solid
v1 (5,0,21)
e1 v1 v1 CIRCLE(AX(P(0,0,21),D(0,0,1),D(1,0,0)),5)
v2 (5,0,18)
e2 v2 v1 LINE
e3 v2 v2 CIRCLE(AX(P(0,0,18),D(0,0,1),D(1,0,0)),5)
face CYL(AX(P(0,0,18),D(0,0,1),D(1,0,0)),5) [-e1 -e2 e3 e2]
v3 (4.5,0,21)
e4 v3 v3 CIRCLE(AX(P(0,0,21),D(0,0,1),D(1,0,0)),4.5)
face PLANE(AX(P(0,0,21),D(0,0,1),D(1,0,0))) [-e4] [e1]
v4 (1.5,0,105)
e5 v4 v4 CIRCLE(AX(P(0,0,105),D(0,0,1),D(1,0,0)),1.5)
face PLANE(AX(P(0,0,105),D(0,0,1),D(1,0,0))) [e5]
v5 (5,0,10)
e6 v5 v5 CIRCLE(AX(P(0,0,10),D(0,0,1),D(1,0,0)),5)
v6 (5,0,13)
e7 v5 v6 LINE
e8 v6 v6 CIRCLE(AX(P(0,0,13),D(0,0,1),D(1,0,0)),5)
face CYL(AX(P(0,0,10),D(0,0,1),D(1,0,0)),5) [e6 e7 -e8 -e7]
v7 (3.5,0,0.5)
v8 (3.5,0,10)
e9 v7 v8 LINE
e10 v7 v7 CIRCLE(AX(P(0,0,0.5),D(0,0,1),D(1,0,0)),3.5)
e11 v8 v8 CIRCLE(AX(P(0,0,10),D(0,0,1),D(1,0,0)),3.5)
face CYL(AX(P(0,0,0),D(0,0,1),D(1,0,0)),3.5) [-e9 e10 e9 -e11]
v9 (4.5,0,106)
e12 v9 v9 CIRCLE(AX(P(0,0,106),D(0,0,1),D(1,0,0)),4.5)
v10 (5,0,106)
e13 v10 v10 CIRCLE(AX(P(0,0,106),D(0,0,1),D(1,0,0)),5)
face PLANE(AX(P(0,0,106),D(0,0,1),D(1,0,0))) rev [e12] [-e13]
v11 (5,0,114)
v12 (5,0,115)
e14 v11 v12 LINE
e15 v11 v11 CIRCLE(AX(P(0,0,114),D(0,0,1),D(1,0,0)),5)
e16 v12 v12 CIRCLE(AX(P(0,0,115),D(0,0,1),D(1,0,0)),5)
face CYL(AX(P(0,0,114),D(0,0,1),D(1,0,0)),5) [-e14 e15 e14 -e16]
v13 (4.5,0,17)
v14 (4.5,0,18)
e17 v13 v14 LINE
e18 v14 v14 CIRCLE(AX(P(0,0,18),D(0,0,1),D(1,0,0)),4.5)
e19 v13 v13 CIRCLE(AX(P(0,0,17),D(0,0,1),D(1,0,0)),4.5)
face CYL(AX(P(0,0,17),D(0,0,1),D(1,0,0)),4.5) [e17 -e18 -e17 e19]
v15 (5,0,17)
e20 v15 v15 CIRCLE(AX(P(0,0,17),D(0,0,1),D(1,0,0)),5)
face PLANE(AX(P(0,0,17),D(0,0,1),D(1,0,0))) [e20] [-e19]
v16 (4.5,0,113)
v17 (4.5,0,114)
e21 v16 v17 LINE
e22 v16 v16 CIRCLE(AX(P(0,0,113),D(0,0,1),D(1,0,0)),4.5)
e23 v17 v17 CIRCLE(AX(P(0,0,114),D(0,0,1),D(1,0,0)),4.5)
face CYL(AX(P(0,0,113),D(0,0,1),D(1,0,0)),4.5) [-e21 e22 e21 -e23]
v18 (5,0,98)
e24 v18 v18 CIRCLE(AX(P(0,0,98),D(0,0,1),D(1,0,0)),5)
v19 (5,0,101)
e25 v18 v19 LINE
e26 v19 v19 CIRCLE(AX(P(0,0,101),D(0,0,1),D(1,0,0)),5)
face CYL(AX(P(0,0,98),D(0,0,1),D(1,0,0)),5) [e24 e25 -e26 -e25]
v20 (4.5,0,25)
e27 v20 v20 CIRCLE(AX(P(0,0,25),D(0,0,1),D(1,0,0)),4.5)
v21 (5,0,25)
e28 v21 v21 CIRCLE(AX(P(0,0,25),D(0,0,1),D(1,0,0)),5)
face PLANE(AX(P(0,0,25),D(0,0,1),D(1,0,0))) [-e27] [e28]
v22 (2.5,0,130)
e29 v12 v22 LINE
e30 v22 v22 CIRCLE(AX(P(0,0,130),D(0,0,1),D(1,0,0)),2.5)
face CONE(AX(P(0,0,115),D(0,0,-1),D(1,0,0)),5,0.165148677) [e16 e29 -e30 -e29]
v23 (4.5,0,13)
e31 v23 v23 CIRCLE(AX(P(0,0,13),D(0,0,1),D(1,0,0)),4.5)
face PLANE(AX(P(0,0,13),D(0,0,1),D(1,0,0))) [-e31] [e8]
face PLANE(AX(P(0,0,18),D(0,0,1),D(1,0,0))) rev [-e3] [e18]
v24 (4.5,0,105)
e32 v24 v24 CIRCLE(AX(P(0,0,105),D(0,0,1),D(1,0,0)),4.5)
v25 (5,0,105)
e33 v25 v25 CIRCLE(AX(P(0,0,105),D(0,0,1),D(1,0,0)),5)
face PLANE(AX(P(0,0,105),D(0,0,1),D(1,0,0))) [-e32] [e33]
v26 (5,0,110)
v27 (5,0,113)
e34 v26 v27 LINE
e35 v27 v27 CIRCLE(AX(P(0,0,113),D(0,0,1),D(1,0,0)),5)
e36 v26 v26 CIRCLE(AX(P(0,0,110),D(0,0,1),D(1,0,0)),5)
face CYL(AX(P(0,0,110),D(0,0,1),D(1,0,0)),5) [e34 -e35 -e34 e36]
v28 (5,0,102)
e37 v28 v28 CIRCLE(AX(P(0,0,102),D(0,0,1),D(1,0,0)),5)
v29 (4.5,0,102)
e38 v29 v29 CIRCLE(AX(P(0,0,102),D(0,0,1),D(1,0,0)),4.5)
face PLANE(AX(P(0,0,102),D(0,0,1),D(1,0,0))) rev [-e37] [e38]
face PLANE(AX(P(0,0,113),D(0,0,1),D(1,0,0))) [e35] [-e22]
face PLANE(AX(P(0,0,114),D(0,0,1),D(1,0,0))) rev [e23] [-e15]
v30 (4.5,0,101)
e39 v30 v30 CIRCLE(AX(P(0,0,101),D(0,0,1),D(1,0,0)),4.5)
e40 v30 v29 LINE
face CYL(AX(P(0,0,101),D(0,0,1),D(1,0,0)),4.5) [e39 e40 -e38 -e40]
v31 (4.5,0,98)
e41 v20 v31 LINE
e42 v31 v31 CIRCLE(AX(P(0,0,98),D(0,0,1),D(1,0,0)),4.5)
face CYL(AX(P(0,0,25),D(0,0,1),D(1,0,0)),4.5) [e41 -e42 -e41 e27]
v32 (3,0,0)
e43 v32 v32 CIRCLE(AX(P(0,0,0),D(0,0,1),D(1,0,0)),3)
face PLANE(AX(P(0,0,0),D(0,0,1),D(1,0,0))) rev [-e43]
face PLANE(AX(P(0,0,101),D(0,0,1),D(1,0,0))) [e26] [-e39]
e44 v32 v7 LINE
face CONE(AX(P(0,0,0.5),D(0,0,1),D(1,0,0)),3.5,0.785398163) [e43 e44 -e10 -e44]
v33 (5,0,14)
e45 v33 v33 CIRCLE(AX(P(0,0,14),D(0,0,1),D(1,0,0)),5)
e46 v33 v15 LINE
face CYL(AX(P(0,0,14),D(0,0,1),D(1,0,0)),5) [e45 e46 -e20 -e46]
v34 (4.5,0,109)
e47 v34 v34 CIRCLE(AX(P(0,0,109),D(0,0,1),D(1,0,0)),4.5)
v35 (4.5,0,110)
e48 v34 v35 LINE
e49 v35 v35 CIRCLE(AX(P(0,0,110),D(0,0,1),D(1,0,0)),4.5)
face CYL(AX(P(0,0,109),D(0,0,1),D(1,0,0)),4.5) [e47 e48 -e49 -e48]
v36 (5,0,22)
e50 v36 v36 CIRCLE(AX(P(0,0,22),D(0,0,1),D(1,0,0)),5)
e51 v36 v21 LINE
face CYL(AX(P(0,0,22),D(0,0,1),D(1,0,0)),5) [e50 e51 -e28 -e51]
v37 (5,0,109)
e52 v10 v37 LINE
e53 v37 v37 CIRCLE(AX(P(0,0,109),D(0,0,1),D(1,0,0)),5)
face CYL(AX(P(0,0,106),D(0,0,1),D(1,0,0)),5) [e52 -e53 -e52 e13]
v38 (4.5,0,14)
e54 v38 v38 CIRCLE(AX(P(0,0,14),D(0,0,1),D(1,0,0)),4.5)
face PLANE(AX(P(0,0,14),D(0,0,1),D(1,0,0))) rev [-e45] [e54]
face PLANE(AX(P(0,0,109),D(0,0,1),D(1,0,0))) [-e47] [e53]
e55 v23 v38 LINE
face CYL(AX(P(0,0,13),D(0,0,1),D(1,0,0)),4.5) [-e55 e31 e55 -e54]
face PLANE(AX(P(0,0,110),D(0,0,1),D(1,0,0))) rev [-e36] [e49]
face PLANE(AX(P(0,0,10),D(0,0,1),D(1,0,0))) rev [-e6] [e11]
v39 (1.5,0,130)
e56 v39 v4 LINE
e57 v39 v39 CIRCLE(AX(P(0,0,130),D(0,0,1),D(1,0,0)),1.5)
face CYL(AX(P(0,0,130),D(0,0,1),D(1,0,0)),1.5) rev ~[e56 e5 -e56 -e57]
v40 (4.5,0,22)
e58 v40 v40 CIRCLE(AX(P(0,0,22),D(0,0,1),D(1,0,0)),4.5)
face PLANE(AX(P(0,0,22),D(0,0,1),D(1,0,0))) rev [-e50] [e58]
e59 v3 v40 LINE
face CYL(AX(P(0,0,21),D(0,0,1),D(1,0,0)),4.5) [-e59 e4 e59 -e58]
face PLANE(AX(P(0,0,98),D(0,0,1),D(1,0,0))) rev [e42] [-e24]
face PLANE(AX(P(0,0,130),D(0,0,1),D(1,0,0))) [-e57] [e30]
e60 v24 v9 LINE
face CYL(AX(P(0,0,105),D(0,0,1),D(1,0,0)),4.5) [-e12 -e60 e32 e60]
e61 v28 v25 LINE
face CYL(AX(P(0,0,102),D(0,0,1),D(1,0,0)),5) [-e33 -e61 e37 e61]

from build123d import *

# Parameters (mm, degrees)
F2_R     = 1.5
F3_DEPTH = 25
F4_SIZE  = 0.5


with BuildPart() as f1:
    # F0 (on Front) → F1 (revolve)
    with BuildSketch(Plane.XZ):
        Polygon((0, 130), (0, 0), (3.5, 0), (3.5, 10), (5, 10), (5, 13), (4.5, 13), (4.5, 14), (5, 14), (5, 17), (4.5, 17), (4.5, 18), (5, 18), (5, 21), (4.5, 21), (4.5, 22), (5, 22), (5, 25), (4.5, 25), (4.5, 98), (5, 98), (5, 101), (4.5, 101), (4.5, 102), (5, 102), (5, 105), (4.5, 105), (4.5, 106), (5, 106), (5, 109), (4.5, 109), (4.5, 110), (5, 110), (5, 113), (4.5, 113), (4.5, 114), (5, 114), (5, 115), (2.5, 130), align=None)
    revolve(axis=Axis((0, 0, 65), (0, 0, 1)))

    # F2 (on face) → F3 (cut)
    with BuildSketch(Plane.XY.offset(130)):
        Circle(F2_R)
    extrude(amount=-F3_DEPTH, mode=Mode.SUBTRACT)

    # F4
    f4_edges = [f1.edges().sort_by_distance(p)[0] for p in [
        (-3.5, 0, 0),
    ]]
    chamfer(f4_edges, length=F4_SIZE)


solid = f1.part
